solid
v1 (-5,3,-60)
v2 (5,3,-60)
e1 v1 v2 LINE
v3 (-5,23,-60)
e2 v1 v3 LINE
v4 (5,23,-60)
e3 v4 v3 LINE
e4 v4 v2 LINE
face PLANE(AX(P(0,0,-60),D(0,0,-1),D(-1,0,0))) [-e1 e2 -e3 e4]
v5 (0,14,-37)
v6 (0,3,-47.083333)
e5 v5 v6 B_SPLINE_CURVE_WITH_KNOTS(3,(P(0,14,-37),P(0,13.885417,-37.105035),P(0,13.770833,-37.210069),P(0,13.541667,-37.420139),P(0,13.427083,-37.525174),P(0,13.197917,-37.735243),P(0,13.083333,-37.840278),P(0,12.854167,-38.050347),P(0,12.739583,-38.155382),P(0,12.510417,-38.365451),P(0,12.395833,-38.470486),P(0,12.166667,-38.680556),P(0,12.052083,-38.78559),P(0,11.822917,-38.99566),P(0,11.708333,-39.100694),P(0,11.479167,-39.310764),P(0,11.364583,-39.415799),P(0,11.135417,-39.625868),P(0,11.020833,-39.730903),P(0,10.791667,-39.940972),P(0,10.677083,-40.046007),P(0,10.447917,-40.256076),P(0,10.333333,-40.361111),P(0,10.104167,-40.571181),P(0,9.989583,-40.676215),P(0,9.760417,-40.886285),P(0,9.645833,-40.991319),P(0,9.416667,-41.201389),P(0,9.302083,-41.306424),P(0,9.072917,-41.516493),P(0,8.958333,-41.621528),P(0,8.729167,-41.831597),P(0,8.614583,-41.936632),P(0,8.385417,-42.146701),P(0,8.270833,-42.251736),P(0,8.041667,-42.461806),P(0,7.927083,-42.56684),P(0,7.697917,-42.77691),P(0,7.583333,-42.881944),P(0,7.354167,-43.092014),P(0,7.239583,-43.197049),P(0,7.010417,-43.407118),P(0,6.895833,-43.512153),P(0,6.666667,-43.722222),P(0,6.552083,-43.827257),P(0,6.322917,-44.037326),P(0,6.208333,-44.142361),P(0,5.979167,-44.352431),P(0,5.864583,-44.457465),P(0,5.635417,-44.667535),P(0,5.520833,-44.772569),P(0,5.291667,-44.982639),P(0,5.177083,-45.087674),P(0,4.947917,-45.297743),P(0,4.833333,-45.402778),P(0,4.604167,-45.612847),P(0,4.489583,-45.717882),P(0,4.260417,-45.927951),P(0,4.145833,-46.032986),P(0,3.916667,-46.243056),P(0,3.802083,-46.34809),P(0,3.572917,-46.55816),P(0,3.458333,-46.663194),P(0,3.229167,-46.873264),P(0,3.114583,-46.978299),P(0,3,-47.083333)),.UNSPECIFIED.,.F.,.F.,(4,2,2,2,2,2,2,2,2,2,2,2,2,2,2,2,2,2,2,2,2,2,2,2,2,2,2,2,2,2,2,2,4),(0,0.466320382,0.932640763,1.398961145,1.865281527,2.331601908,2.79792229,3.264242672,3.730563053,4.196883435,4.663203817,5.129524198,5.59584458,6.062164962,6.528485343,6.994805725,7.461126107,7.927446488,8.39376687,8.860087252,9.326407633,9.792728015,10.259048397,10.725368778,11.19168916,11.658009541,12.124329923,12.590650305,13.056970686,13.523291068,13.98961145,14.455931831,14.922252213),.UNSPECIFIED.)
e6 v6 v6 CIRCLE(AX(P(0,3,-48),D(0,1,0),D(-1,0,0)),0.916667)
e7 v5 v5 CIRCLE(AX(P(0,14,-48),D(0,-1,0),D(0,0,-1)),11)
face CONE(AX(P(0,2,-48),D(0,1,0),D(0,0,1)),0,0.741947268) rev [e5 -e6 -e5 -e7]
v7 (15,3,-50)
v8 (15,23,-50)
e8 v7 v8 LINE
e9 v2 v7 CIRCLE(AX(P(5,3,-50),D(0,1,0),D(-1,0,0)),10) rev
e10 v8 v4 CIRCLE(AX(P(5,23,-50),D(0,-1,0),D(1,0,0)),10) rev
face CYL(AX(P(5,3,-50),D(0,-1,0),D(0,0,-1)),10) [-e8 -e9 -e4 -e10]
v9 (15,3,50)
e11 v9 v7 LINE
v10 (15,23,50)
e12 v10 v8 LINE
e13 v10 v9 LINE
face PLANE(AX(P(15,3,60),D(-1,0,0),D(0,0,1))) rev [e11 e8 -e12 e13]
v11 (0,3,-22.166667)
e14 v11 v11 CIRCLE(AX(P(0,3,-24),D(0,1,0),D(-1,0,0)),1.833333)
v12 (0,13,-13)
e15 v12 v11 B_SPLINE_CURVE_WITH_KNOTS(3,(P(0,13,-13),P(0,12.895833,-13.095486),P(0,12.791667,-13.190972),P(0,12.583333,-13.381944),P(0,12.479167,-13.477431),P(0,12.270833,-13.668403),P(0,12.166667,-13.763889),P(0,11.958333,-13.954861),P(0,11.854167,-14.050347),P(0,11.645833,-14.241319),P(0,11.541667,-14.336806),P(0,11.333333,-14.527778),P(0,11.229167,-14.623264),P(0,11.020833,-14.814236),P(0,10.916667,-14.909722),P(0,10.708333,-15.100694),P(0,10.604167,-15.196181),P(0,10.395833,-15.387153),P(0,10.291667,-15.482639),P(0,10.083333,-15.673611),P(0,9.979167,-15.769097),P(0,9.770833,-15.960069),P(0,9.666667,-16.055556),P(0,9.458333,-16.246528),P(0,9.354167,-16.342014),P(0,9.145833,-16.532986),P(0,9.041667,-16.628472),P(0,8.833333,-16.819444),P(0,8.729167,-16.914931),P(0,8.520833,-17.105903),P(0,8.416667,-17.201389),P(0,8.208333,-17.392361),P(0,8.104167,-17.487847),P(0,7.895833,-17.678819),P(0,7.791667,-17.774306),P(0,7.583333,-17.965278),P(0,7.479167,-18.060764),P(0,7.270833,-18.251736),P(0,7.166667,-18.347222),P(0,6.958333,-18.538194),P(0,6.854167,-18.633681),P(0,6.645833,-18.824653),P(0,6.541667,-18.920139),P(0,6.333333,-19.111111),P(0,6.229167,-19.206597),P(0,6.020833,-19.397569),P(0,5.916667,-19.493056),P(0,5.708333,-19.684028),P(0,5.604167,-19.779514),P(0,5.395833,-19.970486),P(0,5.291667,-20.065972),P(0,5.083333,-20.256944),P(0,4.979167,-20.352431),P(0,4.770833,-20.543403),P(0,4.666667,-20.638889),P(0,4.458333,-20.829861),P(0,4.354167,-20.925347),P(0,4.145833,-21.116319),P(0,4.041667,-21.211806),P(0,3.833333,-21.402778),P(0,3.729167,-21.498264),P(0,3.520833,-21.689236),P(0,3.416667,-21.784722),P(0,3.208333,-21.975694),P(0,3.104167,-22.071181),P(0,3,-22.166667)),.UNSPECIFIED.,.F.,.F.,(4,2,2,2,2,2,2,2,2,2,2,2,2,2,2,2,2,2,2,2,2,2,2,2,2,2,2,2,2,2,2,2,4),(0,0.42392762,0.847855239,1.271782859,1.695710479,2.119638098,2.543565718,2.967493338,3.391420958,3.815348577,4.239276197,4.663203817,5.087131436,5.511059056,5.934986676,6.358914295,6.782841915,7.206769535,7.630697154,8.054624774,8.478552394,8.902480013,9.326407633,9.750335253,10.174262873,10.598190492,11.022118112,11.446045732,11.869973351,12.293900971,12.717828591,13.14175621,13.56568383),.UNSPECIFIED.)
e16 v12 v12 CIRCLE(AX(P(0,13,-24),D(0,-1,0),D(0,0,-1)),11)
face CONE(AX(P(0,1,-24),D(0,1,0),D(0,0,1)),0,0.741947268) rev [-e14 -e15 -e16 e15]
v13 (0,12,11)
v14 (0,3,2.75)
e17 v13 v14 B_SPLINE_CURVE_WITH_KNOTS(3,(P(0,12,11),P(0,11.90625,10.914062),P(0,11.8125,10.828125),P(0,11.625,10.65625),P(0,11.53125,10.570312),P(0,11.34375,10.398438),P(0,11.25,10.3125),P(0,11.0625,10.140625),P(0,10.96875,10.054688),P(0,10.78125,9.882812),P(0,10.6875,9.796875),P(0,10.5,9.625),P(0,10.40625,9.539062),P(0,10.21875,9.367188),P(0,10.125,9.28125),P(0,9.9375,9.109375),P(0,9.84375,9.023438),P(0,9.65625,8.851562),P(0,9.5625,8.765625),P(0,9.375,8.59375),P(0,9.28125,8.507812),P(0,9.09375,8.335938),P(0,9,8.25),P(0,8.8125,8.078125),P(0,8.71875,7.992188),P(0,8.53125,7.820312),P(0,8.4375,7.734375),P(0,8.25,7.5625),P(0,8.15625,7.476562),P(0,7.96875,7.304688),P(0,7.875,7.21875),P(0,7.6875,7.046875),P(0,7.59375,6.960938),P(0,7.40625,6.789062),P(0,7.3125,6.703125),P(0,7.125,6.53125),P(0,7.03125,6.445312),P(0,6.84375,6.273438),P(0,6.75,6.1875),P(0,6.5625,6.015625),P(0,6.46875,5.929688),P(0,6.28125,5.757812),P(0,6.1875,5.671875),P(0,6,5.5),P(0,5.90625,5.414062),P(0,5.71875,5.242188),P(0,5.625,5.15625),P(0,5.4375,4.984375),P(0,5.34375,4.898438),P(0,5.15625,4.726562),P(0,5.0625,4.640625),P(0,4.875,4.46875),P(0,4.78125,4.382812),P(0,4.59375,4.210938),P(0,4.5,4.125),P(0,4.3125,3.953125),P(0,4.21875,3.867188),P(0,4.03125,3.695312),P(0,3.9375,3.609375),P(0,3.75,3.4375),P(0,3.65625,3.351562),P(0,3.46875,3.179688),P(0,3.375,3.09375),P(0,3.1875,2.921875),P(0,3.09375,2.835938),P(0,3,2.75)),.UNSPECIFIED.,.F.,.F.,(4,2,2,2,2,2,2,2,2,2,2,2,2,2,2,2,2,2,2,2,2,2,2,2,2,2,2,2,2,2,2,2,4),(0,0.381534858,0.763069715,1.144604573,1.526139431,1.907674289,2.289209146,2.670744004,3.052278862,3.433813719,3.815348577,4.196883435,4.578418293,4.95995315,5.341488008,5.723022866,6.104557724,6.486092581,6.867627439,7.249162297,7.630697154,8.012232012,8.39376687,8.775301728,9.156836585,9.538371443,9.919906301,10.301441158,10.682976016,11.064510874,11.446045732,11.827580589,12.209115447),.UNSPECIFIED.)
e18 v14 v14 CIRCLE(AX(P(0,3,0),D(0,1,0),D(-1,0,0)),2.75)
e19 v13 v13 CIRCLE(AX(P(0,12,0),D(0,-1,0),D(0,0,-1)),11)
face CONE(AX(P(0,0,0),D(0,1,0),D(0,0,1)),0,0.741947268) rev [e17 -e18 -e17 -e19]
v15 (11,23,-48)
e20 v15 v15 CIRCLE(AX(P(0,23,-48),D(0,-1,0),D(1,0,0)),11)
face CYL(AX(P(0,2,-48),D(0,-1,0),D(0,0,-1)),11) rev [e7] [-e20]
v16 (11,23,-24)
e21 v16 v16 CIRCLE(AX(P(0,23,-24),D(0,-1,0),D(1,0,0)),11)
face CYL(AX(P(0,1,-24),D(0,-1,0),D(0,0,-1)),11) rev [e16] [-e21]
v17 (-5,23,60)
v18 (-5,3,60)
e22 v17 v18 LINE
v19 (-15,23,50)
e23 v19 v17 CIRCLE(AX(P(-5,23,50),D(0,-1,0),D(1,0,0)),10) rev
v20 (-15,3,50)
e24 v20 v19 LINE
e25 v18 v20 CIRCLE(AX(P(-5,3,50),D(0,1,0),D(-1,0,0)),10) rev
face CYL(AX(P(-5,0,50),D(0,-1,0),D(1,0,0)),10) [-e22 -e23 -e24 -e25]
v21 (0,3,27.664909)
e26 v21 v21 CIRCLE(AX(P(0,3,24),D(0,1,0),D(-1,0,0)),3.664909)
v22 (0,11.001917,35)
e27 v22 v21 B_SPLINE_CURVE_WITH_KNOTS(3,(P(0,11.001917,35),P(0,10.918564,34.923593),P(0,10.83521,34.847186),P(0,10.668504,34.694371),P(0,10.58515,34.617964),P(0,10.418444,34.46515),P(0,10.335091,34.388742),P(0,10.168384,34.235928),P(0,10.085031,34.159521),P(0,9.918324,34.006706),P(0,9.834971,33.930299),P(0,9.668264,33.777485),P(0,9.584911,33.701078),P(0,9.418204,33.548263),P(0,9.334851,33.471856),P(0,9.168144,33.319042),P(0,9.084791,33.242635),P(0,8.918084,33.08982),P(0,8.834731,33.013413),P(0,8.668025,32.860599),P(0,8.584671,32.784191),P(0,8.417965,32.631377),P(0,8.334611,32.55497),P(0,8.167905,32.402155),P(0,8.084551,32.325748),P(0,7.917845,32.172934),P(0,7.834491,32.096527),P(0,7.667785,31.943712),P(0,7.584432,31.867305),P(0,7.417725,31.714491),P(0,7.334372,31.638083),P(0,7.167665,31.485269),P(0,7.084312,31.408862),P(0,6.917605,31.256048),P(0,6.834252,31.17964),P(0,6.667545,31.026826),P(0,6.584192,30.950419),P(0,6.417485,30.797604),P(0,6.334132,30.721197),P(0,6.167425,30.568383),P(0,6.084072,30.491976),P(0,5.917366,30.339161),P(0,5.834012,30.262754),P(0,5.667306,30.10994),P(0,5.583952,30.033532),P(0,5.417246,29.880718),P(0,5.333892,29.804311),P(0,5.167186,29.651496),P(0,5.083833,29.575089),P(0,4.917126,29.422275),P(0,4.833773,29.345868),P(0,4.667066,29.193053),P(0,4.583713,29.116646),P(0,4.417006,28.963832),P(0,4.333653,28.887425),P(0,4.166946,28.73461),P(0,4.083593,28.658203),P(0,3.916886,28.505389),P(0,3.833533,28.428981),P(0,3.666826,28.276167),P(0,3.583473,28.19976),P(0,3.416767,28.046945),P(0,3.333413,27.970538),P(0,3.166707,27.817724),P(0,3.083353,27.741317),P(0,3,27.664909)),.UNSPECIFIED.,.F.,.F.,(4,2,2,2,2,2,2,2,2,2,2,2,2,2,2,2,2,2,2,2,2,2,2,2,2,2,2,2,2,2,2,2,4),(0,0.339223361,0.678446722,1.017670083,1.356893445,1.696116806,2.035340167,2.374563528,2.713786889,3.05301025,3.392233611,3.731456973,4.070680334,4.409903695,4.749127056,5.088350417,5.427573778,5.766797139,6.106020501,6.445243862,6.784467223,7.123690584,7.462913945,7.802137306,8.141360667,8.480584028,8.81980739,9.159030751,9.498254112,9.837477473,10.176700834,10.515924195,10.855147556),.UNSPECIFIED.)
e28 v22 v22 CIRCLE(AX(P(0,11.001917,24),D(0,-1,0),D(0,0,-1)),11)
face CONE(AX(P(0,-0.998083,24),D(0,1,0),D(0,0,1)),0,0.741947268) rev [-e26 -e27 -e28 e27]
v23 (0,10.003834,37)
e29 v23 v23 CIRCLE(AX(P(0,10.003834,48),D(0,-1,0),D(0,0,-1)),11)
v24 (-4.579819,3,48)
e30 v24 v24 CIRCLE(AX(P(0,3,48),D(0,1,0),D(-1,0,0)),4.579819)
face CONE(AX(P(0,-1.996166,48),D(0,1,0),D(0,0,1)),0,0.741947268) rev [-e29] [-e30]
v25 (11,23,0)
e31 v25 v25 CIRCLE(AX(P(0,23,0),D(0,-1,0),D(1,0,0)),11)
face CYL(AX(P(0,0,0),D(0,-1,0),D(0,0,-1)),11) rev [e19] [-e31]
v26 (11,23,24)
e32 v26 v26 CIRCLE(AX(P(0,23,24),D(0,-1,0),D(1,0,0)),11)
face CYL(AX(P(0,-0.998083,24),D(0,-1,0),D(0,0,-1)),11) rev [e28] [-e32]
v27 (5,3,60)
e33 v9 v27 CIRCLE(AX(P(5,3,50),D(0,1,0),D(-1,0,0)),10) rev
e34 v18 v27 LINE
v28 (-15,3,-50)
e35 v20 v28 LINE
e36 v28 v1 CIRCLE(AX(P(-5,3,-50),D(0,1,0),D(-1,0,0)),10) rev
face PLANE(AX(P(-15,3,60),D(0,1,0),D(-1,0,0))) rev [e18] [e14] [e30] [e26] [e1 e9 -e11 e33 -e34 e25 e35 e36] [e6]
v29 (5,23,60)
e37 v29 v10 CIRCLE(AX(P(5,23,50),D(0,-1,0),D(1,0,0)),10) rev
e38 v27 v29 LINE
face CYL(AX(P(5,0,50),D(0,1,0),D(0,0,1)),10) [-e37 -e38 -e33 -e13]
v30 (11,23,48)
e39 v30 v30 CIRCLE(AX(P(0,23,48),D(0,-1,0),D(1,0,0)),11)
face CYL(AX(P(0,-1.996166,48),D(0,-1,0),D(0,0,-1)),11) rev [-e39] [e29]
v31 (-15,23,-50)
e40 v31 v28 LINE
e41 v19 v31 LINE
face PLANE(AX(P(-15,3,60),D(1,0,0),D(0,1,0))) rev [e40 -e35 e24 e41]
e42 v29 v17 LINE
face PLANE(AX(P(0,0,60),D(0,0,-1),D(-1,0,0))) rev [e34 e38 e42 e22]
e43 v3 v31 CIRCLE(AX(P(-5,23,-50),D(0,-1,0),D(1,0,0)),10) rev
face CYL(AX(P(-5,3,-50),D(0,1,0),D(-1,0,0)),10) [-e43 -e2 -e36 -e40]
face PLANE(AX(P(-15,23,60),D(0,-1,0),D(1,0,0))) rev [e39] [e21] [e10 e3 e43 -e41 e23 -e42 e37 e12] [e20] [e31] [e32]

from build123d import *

# Parameters (mm, degrees)
BOSS_EXTRUDE1_DEPTH      = 60
BOSS_EXTRUDE1_DEPTH_BACK = 60
SKETCH2_W                = 30
SKETCH2_H                = 20
FILLET1_R                = 10


with BuildPart() as part:
    # Sketch1 → Revolve1 (revolve)
    with BuildSketch(Plane(origin=(0, 0, 0), x_dir=(0, 0, -1), z_dir=(1, 0, 0))):
        Polygon((0, 40.5), (0, 0), (11, 12), (11, 39.586753314), (10.816971936, 39.157197652), (10.816971936, 42.5), (0, 42.5), align=None)
    revolve(axis=Axis((0, 0, 0), (0, 1, 0)))


with BuildPart() as body_2:
    # Sketch1<3> → Revolve2 (revolve)
    with BuildSketch(Plane(origin=(0, 0, 0), x_dir=(0, 0, -1), z_dir=(1, 0, 0))):
        Polygon((24, 41.5), (24, 1), (35, 13), (35, 40.586753314), (35.621275123, 42.044847991), (35.621275123, 42.5), (24, 42.5), align=None)
    revolve(axis=Axis((0, 1, -24), (0, 1, 0)))


with BuildPart() as body_3:
    # Sketch1<4> → Revolve3 (revolve)
    with BuildSketch(Plane(origin=(0, 0, 0), x_dir=(0, 0, -1), z_dir=(1, 0, 0))):
        Polygon((48, 42.5), (48, 2), (59, 14), (59, 41.586753314), (59.389122501, 42.5), align=None)
    revolve(axis=Axis((0, 2, -48), (0, 1, 0)))


with BuildPart() as body_4:
    # Sketch1<5> → Revolve4 (revolve)
    with BuildSketch(Plane(origin=(0, 0, 0), x_dir=(0, 0, -1), z_dir=(1, 0, 0))):
        Polygon((-24, 39.501916964), (-24, -0.998083036), (-13, 11.001916964), (-13, 38.588670277), (-12.993341541, 38.604297273), (-12.993341541, 42.5), (-24, 42.5), align=None)
    revolve(axis=Axis((0, -0.998083036, 24), (0, 1, 0)))


with BuildPart() as body_5:
    # Sketch1<6> → Revolve5 (revolve)
    with BuildSketch(Plane(origin=(0, 0, 0), x_dir=(0, 0, -1), z_dir=(1, 0, 0))):
        Polygon((-48, 38.503833927), (-48, -1.996166073), (-37, 10.003833927), (-37, 37.590587241), (-36.686033209, 38.327448077), (-36.686033209, 42.5), (-48, 42.5), align=None)
    revolve(axis=Axis((0, -1.996166073, 48), (0, 1, 0)))


with BuildPart() as body_6:
    # Sketch2 → Boss-Extrude1 (new, two sides: drawn at the far end of the back side and taken through both)
    with BuildSketch(Plane.XY.offset(-BOSS_EXTRUDE1_DEPTH_BACK)):
        with Locations((0, 13)):
            Rectangle(SKETCH2_W, SKETCH2_H)
    extrude(amount=BOSS_EXTRUDE1_DEPTH + BOSS_EXTRUDE1_DEPTH_BACK)

    # Combine1: cut part, body 5, body 2, body 3, body 4
    add(part.part, mode=Mode.SUBTRACT)
    add(body_5.part, mode=Mode.SUBTRACT)
    add(body_2.part, mode=Mode.SUBTRACT)
    add(body_3.part, mode=Mode.SUBTRACT)
    add(body_4.part, mode=Mode.SUBTRACT)

    # Fillet1
    fillet1_edges = [body_6.edges().sort_by_distance(p)[0] for p in [
        (-15, 13, -60),
        (15, 13, -60),
        (15, 13, 60),
        (-15, 13, 60),
    ]]
    fillet(fillet1_edges, radius=FILLET1_R)


solid = body_6.part
